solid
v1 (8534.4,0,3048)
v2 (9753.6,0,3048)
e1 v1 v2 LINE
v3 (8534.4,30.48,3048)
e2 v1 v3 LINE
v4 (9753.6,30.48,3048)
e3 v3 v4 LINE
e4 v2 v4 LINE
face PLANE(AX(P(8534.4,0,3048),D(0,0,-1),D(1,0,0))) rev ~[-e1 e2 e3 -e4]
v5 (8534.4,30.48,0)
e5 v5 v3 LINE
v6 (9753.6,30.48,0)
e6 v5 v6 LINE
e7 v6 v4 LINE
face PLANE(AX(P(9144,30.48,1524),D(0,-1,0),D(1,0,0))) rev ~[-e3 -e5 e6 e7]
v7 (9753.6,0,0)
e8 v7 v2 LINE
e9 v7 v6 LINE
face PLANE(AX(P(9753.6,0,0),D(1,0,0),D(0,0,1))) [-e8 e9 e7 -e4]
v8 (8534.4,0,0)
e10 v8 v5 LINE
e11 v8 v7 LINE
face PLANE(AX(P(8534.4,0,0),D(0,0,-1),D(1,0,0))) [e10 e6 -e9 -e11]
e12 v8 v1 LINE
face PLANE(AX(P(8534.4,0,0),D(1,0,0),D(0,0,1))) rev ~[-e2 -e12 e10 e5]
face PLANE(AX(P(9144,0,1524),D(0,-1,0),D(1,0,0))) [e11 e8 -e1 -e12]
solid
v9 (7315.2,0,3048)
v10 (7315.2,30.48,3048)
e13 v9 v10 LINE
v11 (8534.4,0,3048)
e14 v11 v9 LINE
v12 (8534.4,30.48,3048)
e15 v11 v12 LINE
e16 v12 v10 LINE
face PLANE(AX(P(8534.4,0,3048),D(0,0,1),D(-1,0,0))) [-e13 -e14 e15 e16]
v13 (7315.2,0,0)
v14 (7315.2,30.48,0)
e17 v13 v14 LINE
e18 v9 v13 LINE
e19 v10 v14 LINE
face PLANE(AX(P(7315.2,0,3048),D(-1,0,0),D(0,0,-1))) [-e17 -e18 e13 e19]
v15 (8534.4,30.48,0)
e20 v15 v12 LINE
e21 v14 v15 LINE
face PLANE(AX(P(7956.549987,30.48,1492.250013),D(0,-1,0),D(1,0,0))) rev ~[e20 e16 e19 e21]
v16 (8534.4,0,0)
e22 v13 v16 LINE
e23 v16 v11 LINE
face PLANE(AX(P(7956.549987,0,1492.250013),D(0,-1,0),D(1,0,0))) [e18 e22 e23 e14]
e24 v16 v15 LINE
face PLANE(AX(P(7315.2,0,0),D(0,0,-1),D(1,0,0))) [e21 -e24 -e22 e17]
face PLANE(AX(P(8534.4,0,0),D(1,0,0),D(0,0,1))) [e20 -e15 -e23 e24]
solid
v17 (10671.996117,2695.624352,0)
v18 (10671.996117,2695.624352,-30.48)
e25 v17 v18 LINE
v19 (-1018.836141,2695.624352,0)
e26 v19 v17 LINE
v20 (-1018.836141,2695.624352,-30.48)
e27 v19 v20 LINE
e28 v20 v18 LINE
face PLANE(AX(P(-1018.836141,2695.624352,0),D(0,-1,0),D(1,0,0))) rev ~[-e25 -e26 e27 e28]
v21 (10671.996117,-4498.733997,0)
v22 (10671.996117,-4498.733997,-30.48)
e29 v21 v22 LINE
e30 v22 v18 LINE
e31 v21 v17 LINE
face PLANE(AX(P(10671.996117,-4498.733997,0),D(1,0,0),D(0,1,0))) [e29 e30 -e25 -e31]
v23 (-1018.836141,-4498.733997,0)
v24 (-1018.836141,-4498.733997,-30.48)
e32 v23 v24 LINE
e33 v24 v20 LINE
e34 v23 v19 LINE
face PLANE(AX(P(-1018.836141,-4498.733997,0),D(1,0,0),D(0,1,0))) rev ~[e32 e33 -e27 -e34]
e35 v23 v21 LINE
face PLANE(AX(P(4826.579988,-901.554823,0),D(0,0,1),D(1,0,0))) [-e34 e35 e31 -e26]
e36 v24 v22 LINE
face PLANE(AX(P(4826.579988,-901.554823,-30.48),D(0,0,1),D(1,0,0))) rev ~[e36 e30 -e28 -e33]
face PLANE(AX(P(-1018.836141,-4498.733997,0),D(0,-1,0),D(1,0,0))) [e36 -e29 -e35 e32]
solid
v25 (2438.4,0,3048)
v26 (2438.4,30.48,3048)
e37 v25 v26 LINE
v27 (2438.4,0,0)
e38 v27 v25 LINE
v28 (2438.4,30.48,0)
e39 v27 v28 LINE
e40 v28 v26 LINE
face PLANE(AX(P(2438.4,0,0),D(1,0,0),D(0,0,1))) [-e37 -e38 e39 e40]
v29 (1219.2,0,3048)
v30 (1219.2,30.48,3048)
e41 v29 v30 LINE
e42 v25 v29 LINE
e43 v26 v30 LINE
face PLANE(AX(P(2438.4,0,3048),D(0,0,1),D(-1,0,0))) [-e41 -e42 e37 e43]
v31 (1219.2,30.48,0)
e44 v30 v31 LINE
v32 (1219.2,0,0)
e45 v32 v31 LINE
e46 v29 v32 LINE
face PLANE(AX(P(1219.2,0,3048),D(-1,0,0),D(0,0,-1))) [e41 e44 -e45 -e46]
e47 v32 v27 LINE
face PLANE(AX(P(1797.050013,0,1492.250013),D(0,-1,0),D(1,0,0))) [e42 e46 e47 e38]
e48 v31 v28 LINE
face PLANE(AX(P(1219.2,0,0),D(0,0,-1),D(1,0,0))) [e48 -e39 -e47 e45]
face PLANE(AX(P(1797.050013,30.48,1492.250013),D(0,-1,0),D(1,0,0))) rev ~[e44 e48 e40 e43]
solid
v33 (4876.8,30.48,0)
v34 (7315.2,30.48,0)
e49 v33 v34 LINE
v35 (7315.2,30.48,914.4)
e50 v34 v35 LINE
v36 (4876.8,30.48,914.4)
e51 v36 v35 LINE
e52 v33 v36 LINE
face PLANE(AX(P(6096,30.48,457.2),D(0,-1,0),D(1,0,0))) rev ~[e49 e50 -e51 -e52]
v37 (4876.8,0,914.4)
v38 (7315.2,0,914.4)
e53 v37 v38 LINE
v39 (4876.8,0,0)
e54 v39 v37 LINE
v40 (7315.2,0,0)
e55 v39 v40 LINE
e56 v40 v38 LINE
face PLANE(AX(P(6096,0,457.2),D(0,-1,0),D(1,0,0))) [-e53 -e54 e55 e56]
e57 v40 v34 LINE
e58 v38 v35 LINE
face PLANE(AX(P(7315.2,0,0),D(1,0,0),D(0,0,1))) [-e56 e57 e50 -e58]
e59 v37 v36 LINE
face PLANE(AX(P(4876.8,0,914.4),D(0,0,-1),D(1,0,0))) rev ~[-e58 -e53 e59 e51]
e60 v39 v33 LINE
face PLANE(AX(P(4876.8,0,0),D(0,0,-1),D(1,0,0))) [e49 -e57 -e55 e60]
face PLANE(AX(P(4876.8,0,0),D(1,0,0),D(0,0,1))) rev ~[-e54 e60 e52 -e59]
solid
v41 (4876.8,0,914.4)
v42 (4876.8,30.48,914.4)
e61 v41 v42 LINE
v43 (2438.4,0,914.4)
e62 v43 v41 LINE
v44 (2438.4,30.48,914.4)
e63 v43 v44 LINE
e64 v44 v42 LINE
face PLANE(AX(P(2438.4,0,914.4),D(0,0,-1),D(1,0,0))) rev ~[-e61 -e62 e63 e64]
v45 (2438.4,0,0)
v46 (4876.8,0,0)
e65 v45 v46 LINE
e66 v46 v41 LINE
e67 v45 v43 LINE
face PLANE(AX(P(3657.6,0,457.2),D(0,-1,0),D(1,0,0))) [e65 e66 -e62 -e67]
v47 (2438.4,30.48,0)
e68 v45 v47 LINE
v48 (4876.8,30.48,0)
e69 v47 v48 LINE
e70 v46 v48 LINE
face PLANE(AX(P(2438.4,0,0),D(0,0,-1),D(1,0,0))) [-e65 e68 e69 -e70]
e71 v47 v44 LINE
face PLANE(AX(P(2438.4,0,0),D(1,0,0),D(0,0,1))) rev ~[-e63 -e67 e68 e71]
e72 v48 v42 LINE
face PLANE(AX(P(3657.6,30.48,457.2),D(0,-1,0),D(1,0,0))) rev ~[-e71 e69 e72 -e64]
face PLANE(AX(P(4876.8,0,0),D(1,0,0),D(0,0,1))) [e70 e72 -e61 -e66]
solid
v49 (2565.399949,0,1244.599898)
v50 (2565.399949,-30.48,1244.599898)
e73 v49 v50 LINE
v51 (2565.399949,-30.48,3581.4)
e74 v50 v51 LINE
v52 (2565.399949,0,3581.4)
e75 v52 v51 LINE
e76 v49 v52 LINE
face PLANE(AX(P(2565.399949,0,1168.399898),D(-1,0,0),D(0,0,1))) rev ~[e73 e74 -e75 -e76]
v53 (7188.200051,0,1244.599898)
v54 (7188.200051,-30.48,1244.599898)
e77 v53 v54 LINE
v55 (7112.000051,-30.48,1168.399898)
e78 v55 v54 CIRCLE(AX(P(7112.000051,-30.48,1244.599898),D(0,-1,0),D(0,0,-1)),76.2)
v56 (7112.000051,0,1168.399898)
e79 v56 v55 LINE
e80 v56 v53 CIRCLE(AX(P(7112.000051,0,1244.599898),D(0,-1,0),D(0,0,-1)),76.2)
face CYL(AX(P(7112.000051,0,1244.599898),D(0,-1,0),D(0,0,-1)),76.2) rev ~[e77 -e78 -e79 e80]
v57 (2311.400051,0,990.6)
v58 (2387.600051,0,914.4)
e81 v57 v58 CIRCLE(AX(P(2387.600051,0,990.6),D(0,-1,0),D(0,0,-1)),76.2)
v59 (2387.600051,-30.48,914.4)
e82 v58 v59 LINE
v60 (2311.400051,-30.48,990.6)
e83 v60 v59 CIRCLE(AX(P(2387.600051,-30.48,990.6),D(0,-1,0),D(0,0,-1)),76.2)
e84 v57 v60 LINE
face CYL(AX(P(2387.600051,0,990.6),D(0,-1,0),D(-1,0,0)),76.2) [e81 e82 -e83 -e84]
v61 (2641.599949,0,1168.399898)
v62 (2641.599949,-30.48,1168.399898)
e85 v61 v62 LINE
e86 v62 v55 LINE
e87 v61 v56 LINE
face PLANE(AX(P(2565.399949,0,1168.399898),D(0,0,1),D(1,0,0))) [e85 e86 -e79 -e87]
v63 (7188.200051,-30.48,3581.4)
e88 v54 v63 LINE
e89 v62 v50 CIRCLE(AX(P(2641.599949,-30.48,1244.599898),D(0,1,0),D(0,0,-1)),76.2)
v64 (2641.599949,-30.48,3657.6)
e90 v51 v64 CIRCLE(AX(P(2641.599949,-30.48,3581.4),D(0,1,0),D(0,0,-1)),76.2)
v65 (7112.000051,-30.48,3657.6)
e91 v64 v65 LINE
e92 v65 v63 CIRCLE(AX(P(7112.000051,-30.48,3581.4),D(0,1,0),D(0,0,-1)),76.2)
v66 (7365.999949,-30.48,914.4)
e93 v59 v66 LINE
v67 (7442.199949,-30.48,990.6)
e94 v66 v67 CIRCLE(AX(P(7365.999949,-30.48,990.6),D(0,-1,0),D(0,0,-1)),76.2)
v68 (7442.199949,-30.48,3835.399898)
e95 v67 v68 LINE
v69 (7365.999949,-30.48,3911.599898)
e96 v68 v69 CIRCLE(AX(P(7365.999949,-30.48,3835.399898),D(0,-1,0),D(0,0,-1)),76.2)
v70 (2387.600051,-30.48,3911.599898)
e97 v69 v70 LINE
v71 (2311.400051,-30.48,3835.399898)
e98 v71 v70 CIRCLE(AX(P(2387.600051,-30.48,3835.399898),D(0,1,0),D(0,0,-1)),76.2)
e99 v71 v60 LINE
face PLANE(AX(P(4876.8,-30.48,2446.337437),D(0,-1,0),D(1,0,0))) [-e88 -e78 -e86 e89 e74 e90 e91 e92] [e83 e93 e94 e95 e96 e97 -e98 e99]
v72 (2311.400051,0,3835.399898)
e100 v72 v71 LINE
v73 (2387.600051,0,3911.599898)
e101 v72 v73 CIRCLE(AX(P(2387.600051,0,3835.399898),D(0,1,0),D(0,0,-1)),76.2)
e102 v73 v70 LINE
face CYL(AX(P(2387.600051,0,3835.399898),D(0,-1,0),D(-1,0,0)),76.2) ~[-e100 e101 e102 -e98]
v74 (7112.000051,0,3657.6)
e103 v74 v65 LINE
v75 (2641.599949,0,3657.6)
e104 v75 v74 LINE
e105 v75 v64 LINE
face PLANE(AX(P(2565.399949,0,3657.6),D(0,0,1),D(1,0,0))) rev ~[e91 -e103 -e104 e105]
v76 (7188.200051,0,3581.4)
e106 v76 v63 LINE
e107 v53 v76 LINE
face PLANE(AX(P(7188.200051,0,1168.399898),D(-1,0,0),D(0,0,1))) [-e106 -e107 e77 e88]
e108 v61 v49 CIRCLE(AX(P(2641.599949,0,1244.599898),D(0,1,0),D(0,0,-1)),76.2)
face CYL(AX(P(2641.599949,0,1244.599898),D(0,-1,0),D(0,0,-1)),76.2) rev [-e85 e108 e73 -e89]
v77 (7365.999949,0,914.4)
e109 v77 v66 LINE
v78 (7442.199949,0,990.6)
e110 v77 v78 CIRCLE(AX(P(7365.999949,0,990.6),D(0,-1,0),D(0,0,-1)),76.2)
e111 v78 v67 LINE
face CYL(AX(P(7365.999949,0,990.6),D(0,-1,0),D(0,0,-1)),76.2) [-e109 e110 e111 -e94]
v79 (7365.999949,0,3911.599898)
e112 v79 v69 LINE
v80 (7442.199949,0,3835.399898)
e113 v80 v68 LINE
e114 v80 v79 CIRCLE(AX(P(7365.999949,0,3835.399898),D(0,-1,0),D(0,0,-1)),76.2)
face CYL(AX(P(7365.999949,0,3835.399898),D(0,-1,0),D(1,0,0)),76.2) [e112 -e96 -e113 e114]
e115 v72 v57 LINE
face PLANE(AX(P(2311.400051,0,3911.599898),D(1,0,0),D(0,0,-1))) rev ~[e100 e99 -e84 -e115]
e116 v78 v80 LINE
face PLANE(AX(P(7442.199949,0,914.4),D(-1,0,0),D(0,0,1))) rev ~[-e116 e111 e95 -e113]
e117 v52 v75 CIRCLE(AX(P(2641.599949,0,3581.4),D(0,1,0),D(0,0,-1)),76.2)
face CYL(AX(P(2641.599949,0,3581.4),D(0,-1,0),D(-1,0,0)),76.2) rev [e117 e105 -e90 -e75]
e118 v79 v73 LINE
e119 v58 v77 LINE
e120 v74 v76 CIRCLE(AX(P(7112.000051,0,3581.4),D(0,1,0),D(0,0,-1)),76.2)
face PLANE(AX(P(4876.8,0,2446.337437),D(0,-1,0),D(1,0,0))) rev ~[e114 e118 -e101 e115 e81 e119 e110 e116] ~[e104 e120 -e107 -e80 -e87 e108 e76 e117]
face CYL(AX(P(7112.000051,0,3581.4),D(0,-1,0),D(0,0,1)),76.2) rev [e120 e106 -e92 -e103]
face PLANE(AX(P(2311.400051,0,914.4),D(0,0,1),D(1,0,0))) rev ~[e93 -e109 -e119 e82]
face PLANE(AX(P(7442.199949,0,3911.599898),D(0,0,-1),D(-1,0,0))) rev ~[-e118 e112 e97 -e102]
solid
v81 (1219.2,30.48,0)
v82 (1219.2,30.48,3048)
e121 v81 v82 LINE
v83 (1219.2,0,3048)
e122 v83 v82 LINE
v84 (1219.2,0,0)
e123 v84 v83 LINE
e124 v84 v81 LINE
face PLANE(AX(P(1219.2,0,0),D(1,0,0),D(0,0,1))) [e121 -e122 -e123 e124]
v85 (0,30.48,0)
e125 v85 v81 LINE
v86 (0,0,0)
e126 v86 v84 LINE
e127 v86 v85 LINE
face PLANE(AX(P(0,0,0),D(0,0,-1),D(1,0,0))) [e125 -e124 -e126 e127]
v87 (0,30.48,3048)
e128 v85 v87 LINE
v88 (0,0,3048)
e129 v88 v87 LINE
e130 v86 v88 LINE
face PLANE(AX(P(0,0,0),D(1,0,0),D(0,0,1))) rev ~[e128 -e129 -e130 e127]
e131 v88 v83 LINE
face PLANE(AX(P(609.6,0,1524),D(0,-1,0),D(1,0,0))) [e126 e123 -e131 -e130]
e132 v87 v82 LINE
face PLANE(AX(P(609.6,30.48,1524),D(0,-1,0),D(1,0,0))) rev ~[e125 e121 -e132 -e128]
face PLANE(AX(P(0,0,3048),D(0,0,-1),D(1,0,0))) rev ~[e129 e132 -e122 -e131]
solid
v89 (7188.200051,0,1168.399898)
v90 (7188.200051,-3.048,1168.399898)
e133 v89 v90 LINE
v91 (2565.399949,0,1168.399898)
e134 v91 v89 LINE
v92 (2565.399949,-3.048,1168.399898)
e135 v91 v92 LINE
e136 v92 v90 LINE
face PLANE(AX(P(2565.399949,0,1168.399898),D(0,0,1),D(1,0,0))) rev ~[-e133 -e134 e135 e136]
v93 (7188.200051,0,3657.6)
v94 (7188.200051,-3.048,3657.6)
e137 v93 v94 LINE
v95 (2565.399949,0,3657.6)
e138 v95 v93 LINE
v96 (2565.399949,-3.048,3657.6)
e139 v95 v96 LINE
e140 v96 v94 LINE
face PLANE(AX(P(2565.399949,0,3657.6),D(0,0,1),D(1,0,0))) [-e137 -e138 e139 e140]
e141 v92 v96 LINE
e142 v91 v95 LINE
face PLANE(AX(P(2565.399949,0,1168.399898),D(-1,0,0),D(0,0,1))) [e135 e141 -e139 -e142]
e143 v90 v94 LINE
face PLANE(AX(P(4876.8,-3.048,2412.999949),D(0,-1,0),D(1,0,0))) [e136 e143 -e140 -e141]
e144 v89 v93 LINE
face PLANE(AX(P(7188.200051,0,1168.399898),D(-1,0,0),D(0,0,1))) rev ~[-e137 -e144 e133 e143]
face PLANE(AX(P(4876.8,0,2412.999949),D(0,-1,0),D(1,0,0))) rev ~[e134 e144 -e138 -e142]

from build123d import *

# Parameters (mm, degrees)
F0_W     = 1219.2
F0_H     = 3048
F1_DEPTH = 30.48
F0_W_2   = 2438.4
F0_H_2   = 914.4
F0_W_3   = 126.9999492
F0_H_3   = 2133.6
F2_DEPTH = 30.48
F0_W_4   = 4622.8001016
F0_H_4   = 2489.2001016
F3_DEPTH = 30.48
F4_DEPTH = 3.048
F5_R     = 76.2
F6_W     = 11690.8322572708
F6_H     = 7194.3583488464
F7_DEPTH = 30.48


with BuildPart() as f1:
    # F0 (on Front) → F1 (new body)
    with BuildSketch(Plane.XZ):
        with Locations((609.6, 1524)):
            Rectangle(F0_W, F0_H)
    extrude(amount=-F1_DEPTH)


with BuildPart() as f1b:
    # F0 (on Front) → F1, piece 2 (new body)
    with BuildSketch(Plane.XZ):
        with Locations((3657.6, 457.2)):
            Rectangle(F0_W_2, F0_H_2)
    extrude(amount=-F1_DEPTH)


with BuildPart() as f1c:
    # F0 (on Front) → F1, piece 3 (new body)
    with BuildSketch(Plane.XZ):
        Polygon((7315.2, 914.4), (7315.2, 0), (8534.4, 0), (8534.4, 3048), (7442.1999492, 3048), (7442.1999492, 914.4), align=None)
        with Locations((7378.6999746, 1981.2)):
            Rectangle(F0_W_3, F0_H_3)
    extrude(amount=-F1_DEPTH)


with BuildPart() as f2:
    # F0 (on Front) → F2 (new body)
    with BuildSketch(Plane.XZ):
        Polygon((1219.2, 3048), (1219.2, 0), (2438.4, 0), (2438.4, 914.4), (2311.4000508, 914.4), (2311.4000508, 3048), align=None)
        with Locations((2374.9000254, 1981.2)):
            Rectangle(F0_W_3, F0_H_3)
    extrude(amount=-F2_DEPTH)


with BuildPart() as f2b:
    # F0 (on Front) → F2, piece 2 (new body)
    with BuildSketch(Plane.XZ):
        with Locations((6096, 457.2)):
            Rectangle(F0_W_2, F0_H_2)
    extrude(amount=-F2_DEPTH)


with BuildPart() as f2c:
    # F0 (on Front) → F2, piece 3 (new body)
    with BuildSketch(Plane.XZ):
        with Locations((9144, 1524)):
            Rectangle(F0_W, F0_H)
    extrude(amount=-F2_DEPTH)


with BuildPart() as f3:
    # F0 (on Front) → F3 (new body)
    with BuildSketch(Plane.XZ):
        Polygon((2311.4000508, 3911.5998984), (2311.4000508, 3048), (2438.4, 3048), (2438.4, 914.4), (4876.8, 914.4), (7315.2, 914.4), (7315.2, 3048), (7442.1999492, 3048), (7442.1999492, 3911.5998984), align=None)
        with Locations((4876.8, 2412.9999492)):
            Rectangle(F0_W_4, F0_H_4, mode=Mode.SUBTRACT)
        with Locations((2374.9000254, 1981.2)):
            Rectangle(F0_W_3, F0_H_3)
        with Locations((7378.6999746, 1981.2)):
            Rectangle(F0_W_3, F0_H_3)
    extrude(amount=F3_DEPTH)

    # F5
    f5_edges = [f3.edges().sort_by_distance(p)[0] for p in [
        (2311.400051, -15.24, 3911.599898),
        (2565.399949, -15.24, 3657.6),
        (2311.400051, -15.24, 914.4),
        (2565.399949, -15.24, 1168.399898),
        (7442.199949, -15.24, 914.4),
        (7188.200051, -15.24, 1168.399898),
        (7442.199949, -15.24, 3911.599898),
        (7188.200051, -15.24, 3657.6),
    ]]
    fillet(f5_edges, radius=F5_R)


with BuildPart() as f4:
    # F0 (on Front) → F4 (new body)
    with BuildSketch(Plane.XZ):
        with Locations((4876.8, 2412.9999492)):
            Rectangle(F0_W_4, F0_H_4)
    extrude(amount=F4_DEPTH)


with BuildPart() as f7:
    # F6 (on Top) → F7 (new body)
    with BuildSketch(Plane.XY):
        with Locations((4826.5799880028, -901.5548229218)):
            Rectangle(F6_W, F6_H)
    extrude(amount=-F7_DEPTH)


solid = Compound([f1.part, f1b.part, f1c.part, f2.part, f2b.part, f2c.part, f3.part, f4.part, f7.part])
